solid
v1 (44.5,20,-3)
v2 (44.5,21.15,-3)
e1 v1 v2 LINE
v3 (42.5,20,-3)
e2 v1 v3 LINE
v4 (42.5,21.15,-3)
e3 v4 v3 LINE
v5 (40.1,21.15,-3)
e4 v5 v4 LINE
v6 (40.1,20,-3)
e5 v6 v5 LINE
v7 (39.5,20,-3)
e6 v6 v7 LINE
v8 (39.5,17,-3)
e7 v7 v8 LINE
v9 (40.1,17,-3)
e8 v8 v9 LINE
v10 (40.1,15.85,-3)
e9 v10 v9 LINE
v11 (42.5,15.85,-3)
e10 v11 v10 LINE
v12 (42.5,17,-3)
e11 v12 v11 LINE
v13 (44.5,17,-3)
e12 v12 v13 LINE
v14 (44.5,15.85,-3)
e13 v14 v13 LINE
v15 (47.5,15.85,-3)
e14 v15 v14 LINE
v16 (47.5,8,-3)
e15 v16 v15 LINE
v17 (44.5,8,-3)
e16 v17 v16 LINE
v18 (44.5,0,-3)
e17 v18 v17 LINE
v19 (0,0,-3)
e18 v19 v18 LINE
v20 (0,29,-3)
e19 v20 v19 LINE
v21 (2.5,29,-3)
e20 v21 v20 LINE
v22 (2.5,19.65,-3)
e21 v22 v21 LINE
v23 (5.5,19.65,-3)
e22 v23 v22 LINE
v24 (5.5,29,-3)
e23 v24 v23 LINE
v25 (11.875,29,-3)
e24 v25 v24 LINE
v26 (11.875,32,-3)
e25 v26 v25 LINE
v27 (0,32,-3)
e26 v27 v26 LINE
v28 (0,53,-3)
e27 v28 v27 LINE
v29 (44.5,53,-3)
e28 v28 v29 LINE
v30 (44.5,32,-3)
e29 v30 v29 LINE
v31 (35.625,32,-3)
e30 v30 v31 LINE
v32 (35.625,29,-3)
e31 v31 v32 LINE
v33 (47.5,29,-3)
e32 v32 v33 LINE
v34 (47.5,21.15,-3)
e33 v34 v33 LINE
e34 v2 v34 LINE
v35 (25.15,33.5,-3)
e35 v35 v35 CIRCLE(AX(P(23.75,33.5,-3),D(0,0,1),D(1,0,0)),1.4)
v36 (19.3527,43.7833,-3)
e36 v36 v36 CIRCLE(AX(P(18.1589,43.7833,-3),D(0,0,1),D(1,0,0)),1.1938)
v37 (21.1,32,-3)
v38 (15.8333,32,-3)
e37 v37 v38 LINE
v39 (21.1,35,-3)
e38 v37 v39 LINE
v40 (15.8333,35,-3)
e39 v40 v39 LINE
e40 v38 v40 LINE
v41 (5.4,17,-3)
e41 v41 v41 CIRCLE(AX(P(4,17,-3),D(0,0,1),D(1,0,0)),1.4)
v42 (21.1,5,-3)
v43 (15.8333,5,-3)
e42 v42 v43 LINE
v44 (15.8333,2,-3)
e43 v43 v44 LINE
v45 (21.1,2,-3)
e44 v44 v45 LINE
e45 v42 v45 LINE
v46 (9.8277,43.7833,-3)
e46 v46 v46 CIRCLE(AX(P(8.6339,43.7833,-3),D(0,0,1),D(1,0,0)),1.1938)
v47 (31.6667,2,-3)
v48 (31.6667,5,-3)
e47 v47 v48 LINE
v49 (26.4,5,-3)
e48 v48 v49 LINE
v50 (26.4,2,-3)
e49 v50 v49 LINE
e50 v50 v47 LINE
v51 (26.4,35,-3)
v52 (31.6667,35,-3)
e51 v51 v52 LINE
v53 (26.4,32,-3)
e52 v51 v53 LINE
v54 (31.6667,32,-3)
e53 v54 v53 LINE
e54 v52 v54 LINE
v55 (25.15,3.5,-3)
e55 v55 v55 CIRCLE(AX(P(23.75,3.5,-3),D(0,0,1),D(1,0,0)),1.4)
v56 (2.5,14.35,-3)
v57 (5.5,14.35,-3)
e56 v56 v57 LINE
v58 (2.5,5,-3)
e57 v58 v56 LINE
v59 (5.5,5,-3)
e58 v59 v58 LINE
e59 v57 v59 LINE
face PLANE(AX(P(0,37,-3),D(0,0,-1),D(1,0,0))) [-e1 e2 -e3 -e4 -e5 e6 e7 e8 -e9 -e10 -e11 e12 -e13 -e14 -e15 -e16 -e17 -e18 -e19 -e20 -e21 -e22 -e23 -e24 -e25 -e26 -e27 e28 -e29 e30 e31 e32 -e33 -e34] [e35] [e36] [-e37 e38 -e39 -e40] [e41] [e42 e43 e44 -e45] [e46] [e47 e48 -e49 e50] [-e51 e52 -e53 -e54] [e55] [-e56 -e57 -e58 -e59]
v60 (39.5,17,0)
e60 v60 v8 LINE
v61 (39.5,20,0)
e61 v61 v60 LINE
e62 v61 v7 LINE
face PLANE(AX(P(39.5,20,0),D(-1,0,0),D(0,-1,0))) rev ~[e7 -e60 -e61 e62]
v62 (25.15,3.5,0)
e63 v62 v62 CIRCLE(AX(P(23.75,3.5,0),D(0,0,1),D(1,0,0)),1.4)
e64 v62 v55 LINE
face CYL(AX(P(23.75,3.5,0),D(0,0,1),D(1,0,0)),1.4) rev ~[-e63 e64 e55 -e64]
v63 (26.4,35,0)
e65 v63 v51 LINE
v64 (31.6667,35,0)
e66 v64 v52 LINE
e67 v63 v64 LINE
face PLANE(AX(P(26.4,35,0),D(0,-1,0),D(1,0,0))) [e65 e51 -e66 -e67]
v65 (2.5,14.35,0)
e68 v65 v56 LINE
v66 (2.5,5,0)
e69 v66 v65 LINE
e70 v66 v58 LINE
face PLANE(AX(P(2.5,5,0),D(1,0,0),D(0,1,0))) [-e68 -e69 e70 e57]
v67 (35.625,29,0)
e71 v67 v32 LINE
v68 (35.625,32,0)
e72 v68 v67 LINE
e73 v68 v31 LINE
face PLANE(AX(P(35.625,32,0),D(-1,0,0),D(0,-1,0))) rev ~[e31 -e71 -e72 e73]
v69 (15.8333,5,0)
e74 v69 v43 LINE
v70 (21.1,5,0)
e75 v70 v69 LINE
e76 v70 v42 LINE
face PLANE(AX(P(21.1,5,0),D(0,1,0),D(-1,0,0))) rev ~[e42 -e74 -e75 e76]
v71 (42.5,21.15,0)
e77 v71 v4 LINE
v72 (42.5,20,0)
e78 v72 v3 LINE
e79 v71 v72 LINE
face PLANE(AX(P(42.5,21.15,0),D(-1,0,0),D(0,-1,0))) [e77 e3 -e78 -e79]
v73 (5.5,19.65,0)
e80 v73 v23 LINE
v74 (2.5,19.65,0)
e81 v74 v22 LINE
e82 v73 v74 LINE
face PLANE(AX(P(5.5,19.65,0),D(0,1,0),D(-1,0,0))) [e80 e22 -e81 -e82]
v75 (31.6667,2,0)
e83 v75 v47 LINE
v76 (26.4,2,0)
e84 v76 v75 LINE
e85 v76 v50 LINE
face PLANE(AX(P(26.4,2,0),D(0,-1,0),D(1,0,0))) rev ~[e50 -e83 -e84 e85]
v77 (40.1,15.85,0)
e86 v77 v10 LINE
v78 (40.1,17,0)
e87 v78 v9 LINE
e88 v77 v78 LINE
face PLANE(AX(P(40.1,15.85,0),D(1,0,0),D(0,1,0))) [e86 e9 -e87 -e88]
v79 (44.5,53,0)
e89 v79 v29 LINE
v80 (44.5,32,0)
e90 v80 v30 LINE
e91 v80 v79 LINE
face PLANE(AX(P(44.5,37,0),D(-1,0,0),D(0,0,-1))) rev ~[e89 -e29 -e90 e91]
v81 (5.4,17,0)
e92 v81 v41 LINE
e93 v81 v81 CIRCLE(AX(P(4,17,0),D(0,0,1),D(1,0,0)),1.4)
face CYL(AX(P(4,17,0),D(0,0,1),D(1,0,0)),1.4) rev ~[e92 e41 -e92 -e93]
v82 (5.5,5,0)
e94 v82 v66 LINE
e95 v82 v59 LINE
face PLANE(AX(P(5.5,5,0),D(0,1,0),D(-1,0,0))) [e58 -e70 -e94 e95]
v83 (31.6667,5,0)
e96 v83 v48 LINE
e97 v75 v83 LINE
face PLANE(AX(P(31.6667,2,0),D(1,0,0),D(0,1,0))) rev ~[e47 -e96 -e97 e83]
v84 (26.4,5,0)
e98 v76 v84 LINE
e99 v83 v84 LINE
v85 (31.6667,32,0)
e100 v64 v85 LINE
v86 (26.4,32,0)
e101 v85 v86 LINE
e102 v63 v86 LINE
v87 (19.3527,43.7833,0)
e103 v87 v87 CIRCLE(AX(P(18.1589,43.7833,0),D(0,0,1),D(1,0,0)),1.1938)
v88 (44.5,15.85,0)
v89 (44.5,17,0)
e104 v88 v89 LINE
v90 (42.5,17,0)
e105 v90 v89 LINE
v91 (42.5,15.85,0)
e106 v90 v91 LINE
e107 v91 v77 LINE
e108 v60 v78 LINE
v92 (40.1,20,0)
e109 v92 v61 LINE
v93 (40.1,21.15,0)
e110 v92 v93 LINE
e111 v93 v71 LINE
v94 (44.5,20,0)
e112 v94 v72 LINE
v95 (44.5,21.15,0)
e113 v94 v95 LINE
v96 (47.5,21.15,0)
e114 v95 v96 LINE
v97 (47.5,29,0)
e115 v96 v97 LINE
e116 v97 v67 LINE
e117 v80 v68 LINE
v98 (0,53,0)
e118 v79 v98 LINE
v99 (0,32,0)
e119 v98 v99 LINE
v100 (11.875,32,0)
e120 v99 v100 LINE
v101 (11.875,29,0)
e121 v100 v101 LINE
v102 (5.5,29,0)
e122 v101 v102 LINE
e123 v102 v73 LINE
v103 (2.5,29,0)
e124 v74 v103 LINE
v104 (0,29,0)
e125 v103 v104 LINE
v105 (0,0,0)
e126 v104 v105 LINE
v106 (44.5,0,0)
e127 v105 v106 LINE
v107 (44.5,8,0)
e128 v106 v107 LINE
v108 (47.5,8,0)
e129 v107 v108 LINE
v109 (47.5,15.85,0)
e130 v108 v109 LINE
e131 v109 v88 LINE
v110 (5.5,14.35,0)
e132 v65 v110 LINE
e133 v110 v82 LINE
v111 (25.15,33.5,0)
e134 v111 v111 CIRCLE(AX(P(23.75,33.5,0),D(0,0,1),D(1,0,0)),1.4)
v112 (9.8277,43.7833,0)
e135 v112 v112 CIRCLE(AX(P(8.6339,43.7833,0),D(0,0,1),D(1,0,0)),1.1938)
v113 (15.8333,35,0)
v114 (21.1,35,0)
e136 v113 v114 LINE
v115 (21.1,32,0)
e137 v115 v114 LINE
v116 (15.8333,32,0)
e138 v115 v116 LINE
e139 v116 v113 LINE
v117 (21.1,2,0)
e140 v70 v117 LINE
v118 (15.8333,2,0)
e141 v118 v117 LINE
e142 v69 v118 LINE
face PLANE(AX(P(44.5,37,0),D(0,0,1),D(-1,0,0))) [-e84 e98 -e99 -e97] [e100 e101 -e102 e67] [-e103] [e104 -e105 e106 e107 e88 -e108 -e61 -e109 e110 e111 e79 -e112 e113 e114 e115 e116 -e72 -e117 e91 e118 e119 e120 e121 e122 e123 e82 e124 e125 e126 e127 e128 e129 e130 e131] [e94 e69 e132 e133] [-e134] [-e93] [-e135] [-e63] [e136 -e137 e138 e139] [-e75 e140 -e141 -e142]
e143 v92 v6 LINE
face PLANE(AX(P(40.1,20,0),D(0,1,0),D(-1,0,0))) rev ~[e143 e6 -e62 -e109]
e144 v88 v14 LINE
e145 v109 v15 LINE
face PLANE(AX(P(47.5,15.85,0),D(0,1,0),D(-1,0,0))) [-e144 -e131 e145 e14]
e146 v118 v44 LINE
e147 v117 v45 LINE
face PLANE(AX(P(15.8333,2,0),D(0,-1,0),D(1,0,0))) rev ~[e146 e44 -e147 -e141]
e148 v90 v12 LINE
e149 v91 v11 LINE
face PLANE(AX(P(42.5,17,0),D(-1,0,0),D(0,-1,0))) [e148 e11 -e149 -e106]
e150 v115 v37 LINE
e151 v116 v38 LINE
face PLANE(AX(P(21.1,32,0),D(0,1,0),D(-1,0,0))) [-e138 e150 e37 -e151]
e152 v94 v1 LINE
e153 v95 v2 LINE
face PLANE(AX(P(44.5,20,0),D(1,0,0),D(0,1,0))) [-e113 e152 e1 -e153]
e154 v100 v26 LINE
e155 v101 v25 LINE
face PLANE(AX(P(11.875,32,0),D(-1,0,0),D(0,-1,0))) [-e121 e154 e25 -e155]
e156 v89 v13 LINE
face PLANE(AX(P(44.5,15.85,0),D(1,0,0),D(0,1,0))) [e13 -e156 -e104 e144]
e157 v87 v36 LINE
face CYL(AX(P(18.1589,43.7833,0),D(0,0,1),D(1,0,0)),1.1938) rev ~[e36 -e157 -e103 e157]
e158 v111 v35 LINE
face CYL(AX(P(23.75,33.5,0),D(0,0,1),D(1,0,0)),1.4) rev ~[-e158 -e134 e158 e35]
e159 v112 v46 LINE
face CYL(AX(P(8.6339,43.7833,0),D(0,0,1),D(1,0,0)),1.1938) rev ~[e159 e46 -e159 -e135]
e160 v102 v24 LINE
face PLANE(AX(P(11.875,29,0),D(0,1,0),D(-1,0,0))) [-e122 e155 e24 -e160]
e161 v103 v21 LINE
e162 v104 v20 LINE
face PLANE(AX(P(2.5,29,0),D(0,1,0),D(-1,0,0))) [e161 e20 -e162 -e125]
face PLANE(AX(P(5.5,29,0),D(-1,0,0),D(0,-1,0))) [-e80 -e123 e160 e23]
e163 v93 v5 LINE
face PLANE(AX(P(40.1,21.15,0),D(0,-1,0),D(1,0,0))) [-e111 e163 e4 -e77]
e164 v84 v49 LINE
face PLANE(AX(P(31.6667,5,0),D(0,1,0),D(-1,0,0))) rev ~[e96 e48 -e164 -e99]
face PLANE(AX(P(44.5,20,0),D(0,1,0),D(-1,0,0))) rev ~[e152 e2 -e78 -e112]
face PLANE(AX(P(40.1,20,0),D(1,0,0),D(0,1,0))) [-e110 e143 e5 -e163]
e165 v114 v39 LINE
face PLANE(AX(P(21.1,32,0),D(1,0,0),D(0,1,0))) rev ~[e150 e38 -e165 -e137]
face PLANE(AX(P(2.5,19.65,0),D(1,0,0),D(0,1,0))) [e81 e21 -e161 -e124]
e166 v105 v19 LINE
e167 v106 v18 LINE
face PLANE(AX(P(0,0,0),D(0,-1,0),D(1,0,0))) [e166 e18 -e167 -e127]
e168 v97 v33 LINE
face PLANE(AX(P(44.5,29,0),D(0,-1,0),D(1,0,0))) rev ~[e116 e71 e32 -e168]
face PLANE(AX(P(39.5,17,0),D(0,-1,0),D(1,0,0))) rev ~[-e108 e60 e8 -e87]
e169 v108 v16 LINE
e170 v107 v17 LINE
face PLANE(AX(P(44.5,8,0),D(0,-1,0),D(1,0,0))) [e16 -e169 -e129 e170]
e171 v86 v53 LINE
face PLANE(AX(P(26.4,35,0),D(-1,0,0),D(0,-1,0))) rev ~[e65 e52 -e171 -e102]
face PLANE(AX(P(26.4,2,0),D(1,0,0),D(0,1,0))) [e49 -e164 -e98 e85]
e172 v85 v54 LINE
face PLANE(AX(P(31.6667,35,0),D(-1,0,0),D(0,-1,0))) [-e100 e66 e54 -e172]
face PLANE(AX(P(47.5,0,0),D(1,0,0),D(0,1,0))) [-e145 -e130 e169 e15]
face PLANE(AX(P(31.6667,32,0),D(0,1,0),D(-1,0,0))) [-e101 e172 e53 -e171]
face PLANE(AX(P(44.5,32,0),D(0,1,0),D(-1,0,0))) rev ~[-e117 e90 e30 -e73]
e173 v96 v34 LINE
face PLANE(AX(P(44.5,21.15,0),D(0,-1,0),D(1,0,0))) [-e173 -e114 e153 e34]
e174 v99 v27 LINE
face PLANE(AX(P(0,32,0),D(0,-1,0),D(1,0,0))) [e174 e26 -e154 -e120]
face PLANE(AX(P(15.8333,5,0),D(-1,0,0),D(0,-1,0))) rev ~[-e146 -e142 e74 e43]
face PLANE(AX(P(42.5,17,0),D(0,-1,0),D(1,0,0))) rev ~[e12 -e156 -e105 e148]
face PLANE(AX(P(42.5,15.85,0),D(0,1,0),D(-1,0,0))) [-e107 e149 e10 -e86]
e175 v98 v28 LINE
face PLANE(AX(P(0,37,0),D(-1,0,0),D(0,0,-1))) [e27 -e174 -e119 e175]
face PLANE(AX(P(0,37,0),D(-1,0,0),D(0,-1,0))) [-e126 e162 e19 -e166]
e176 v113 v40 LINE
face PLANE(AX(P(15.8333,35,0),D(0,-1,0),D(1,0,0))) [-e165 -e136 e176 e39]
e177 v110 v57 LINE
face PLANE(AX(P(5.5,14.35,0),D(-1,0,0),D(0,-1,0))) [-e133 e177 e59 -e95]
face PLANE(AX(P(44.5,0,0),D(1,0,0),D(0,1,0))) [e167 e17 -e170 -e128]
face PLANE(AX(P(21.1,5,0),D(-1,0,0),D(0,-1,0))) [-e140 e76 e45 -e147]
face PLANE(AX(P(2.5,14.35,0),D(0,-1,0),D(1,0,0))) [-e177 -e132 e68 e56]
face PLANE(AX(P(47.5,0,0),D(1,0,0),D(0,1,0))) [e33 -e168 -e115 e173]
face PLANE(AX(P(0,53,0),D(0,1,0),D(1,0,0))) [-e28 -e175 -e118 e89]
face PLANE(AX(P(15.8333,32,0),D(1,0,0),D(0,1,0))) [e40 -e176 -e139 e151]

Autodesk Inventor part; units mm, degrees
ref_plane "YZ Plane" through (0, 0, 0) normal (1, 0, 0) x (0, 1, 0)
ref_plane "XZ Plane" through (0, 0, 0) normal (0, 1, 0) x (-1, 0, 0)
ref_plane "XY Plane" through (0, 0, 0) normal (0, 0, 1) x (1, 0, 0)
sketch "Sketch1" plane through (0, 0, 0) normal (0, 0, 1) x (1, 0, 0)
  line L0 (0, 0) -> (47.5, 0)
  line L1 (47.5, 0) -> (47.5, 37)
  line L2 (47.5, 37) -> (0, 37)
  line L3 (0, 37) -> (0, 0)
  dimension "d60" = 47.5
  dimension "d61" = 37
extrude "Extrusion1" add sketch "Sketch1" against normal blind 3
sketch "Sketch6" plane through (0, 0, 0) normal (0, 0, 1) x (1, 0, 0)
  line L0 (47.5, 0) -> (47.5, 37) projected
  line L1 (47.5, 37) -> (0, 37) projected
  line L2 (0, 37) -> (47.5, 37) projected
  line L3 (47.5, 37) -> (44.5, 37)
  line L4 (44.5, 37) -> (44.5, 29)
  line L5 (44.5, 29) -> (47.5, 29)
  line L6 (47.5, 29) -> (47.5, 37)
  line L7 (44.5, 0) -> (44.5, 8)
  line L8 (44.5, 8) -> (47.5, 8)
  line L9 (47.5, 8) -> (47.5, 0)
  line L10 (47.5, 0) -> (44.5, 0)
  line L11 (-10.772, 18.5) -> (61.9279, 18.5) construction
  line L12 (23.75, 42.476) -> (23.75, -8.8223) construction
  line L13 (47.5, 20) -> (39.5, 20)
  line L14 (39.5, 20) -> (39.5, 17)
  line L15 (39.5, 17) -> (47.5, 17)
  line L16 (47.5, 17) -> (47.5, 20)
  line L17 (47.5, 37) -> (47.5, 0) projected
  line L18 (44.5, 21.15) -> (47.5, 21.15)
  line L19 (47.5, 21.15) -> (47.5, 15.85)
  line L20 (47.5, 15.85) -> (44.5, 15.85)
  line L21 (44.5, 15.85) -> (44.5, 21.15)
  line L22 (40.1, 21.15) -> (42.5, 21.15)
  line L23 (42.5, 21.15) -> (42.5, 15.85)
  line L24 (42.5, 15.85) -> (40.1, 15.85)
  line L25 (40.1, 15.85) -> (40.1, 21.15)
  line L26 (15.8333, 35) -> (21.1, 35)
  line L27 (31.6667, 35) -> (31.6667, 32)
  line L28 (31.6667, 32) -> (26.4, 32)
  line L29 (15.8333, 32) -> (15.8333, 35)
  line L30 (26.4, 35) -> (26.4, 32)
  line L31 (21.1, 32) -> (21.1, 35)
  line L32 (26.4, 35) -> (31.6667, 35)
  line L33 (21.1, 32) -> (15.8333, 32)
  circle A0 centre (23.75, 33.5) radius 1.4
  line L34 (0, 0) -> (47.5, 0) projected
  line L35 (0, 0) -> (0, 37) projected
  line L36 (0, 32) -> (11.875, 32)
  line L37 (11.875, 32) -> (11.875, 29)
  line L38 (11.875, 29) -> (0, 29)
  line L39 (0, 29) -> (0, 32)
  line L40 (44.5, 32) -> (35.625, 32)
  line L41 (35.625, 32) -> (35.625, 29)
  line L42 (35.625, 29) -> (44.5, 29)
  line L43 (44.5, 29) -> (44.5, 32)
  line L44 (15.8333, 2) -> (21.1, 2)
  line L45 (31.6667, 2) -> (31.6667, 5)
  line L46 (31.6667, 5) -> (26.4, 5)
  line L47 (15.8333, 5) -> (15.8333, 2)
  line L48 (26.4, 2) -> (26.4, 5)
  line L49 (21.1, 5) -> (21.1, 2)
  line L50 (26.4, 2) -> (31.6667, 2)
  line L51 (21.1, 5) -> (15.8333, 5)
  circle A1 centre (23.75, 3.5) radius 1.4
  line L52 (5.5, 19.65) -> (2.5, 19.65)
  line L53 (2.5, 19.65) -> (2.5, 29)
  line L54 (2.5, 29) -> (5.5, 29)
  line L55 (5.5, 29) -> (5.5, 19.65)
  line L56 (2.5, 14.35) -> (5.5, 14.35)
  line L57 (5.5, 14.35) -> (5.5, 5)
  line L58 (5.5, 5) -> (2.5, 5)
  line L59 (2.5, 5) -> (2.5, 14.35)
  circle A2 centre (4, 17) radius 1.4
  dimension "d65" = 3
  dimension "d75" = 8
  dimension "d76" = 3
  dimension "d78" = 5.3
  dimension "d80" = 5
  dimension "d81" = 2.4
  dimension "d83" = 3
  dimension "d84" = 15.8333
  dimension "d85" = 2
  dimension "d86" = 5.3
  dimension "d87" = 2.8
  dimension "d88" = 3
  dimension "d89" = 23.75
  dimension "d90" = 47.5
  dimension "d91" = 2.8
  dimension "d92" = 5.3
  dimension "d93" = 2.65
  dimension "d94" = 1.5
extrude "Extrusion6" cut sketch "Sketch6" against normal blind 3 contours L10 L7 L8 L0 | L20 L21 L15 L0 | L15 L21 L13 L0 | L35 L36 L37 L38 | L13 L21 L18 L0 | L15 L23 L13 L21 | L38 L55 L52 L53 | L23 L24 L25 L15 | L15 L25 L13 L23 | L5 L4 L1 L0 | L13 L25 L22 L23 | L15 L14 L13 L25 | L42 L41 L40 L4 | L26 L31 L33 L29 | L27 L28 L30 L32 | A0 | L47 L51 L49 L44 | L50 L48 L46 L45 | A1 | L56 L57 L58 L59 | A2
sketch "Sketch9" plane through (0, 37, 0) normal (0, 1, 0) x (1, 0, 0)
  line L0 (44.5, 0) -> (44.5, 3) projected
  line L1 (0, 3) -> (44.5, 3) projected
  line L2 (0, 0) -> (0, 3) projected
  line L3 (44.5, 0) -> (0, 0) projected
  point P0 (0, 0)
extrude "Extrusion8" add sketch "Sketch9" along normal blind 16
sketch "Sketch10" plane through (0, 0, 0) normal (0, 0, 1) x (1, 0, 0)
  circle A0 centre (8.6339, 43.7833) radius 1.1938
  circle A1 centre (18.1589, 43.7833) radius 1.1938
  line L0 (0, 53) -> (44.5, 53) projected
  point P0 (0, 0)
  dimension "d99" = 2.3876
  dimension "d100" = 2.3876
  dimension "d101" = 9.2167
  dimension "d102" = 9.2167
extrude "Extrusion9" cut sketch "Sketch10" against normal up to next
equation "\"d89\" = 0.5 * d90"
equation "\"d93\" = 0.5 * d92"
equation "\"d102\" = d101"
equation "\"d15\" = 0.333333 * d14"
equation "\"d14\" = 30"
properties part number "X-Anchor_Side"
